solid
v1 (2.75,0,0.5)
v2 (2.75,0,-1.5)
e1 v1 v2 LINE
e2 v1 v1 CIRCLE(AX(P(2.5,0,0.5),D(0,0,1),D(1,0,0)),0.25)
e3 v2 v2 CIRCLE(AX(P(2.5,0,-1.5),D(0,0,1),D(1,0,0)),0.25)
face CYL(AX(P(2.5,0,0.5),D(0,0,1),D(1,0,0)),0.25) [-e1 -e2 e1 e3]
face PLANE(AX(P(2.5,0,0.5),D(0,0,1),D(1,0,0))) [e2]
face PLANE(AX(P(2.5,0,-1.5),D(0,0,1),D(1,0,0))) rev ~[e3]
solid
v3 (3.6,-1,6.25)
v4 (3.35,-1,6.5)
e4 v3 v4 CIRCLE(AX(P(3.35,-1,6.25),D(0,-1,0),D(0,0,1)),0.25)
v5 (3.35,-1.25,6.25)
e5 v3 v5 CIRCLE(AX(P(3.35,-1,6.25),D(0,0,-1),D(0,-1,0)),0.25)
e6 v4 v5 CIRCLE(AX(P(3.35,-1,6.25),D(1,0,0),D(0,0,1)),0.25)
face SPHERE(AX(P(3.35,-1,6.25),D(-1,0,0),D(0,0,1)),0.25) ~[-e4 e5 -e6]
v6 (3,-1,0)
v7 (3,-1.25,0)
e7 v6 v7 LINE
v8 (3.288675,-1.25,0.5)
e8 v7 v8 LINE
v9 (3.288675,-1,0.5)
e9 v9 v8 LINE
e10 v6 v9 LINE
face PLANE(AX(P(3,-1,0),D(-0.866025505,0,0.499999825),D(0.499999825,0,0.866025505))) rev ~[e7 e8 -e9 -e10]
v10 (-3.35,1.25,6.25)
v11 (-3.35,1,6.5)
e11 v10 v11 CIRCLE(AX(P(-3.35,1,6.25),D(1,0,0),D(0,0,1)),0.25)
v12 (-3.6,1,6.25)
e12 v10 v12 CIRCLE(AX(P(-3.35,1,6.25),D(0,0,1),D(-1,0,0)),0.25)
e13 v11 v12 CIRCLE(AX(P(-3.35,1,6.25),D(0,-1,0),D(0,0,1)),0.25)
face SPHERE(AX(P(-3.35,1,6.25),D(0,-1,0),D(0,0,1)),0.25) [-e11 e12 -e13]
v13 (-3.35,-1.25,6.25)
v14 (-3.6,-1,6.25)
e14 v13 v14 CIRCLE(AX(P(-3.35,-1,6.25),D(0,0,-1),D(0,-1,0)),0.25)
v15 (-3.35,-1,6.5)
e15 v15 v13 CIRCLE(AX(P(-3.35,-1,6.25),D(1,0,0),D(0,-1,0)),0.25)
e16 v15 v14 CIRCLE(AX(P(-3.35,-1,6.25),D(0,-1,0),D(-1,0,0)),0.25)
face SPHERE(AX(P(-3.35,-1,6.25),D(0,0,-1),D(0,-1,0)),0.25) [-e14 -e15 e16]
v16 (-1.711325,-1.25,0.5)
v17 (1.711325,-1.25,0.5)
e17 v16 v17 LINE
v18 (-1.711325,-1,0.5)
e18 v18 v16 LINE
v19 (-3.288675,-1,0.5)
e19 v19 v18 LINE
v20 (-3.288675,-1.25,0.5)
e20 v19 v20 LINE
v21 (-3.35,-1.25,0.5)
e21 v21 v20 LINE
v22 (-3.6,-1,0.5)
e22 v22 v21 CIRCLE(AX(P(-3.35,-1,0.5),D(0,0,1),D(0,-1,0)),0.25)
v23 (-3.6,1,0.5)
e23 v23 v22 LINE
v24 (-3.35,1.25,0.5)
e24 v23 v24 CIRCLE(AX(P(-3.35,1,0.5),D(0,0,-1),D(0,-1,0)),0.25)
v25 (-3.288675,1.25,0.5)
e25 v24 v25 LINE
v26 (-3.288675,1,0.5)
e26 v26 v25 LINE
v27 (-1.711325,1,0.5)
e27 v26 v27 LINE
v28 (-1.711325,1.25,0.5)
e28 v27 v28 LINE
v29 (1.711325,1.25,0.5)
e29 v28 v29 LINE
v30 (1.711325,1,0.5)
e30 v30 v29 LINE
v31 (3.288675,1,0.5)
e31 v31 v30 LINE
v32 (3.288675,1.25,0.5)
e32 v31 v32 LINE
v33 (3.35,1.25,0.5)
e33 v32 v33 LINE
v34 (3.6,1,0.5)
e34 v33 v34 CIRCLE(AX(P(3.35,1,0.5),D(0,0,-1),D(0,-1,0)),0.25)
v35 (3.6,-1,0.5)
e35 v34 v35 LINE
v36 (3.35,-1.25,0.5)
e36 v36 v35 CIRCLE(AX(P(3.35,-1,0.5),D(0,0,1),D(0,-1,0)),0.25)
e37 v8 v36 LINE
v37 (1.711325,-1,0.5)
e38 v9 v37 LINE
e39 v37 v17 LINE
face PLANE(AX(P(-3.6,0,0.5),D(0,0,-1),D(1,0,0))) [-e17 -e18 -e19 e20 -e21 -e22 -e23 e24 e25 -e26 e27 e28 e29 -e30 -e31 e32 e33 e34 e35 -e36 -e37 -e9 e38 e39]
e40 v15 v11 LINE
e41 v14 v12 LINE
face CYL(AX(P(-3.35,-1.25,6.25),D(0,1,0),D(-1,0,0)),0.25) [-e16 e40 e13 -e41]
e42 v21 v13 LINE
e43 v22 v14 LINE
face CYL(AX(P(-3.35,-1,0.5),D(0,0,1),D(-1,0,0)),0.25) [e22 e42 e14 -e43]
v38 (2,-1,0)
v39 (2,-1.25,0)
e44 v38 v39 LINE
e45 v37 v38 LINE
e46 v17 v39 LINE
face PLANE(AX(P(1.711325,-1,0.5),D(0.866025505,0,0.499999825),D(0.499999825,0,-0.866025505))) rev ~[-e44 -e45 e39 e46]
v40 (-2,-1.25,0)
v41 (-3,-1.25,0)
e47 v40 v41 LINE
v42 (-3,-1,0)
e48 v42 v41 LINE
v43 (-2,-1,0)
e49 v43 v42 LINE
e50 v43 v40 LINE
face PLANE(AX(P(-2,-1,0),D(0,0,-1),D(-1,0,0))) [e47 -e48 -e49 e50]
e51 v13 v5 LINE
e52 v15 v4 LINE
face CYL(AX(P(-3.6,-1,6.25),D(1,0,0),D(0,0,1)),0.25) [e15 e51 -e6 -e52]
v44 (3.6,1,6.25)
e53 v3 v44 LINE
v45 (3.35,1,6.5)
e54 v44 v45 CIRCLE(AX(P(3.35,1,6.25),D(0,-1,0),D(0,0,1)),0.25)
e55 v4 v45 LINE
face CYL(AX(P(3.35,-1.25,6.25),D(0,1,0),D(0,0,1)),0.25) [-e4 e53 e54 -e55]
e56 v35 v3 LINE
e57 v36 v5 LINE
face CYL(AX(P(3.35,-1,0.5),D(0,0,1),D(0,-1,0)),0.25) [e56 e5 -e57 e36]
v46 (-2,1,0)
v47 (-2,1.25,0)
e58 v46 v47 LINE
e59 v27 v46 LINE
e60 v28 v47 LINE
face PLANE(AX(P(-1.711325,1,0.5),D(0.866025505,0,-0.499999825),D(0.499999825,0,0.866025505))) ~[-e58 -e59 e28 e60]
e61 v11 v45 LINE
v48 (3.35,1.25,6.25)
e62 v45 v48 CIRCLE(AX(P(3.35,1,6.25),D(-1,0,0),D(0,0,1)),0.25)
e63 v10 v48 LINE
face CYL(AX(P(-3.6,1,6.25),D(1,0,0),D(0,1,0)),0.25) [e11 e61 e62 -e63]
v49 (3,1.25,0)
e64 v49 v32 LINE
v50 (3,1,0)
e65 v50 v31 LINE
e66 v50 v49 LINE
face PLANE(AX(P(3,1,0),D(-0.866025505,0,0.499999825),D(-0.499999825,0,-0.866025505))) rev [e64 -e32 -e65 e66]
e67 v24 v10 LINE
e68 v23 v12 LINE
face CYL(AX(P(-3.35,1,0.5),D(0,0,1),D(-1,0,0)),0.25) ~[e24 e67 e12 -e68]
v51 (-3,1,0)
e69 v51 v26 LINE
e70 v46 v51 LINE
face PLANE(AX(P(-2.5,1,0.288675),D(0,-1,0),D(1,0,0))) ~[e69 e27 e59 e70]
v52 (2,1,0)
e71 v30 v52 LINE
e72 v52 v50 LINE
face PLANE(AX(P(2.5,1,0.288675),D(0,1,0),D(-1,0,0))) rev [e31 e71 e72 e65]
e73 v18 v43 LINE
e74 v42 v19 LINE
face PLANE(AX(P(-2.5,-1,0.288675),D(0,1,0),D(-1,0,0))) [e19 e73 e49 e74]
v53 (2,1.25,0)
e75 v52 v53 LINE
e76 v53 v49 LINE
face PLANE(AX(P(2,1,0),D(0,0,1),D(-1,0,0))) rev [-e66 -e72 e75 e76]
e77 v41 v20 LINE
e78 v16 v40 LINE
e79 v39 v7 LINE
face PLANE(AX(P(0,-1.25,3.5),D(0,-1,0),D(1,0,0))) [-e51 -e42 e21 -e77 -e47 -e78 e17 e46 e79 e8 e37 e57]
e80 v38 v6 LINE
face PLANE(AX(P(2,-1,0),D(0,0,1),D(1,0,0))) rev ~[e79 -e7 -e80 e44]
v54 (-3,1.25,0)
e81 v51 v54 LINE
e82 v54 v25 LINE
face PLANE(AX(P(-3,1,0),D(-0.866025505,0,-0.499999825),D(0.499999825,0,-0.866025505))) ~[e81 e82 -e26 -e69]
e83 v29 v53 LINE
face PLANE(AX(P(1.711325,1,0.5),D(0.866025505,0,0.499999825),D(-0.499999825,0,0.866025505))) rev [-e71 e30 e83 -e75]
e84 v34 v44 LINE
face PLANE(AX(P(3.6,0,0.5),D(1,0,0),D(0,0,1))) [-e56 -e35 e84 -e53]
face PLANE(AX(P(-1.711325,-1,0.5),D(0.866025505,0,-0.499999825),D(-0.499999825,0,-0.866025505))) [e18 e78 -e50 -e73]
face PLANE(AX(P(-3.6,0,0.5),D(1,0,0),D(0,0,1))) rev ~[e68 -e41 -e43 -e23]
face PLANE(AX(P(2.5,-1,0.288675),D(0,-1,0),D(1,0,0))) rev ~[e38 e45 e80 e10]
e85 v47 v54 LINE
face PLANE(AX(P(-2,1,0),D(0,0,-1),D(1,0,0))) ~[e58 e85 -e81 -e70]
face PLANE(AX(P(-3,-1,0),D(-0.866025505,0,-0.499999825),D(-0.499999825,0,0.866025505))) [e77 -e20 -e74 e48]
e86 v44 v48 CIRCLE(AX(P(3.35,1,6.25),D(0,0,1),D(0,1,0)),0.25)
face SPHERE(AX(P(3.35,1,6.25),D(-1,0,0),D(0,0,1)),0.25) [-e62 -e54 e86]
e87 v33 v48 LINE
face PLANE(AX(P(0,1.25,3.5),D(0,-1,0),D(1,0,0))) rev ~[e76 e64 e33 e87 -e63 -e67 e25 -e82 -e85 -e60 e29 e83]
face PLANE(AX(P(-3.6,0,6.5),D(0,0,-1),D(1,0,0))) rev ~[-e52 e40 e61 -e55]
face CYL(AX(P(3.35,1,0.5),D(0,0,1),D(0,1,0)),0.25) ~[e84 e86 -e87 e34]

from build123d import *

# Parameters (mm, degrees)
SKETCH_W                = 7.2
SKETCH_H                = 6
PAD_DEPTH               = 1.25
PAD002_DEPTH            = 0.25
PAD002_MIRRORED_2_DEPTH = 0.25
FILLET_R                = 0.25
SKETCH003_R             = 0.25
PAD003_DEPTH            = 2


with BuildPart() as body:
    # Sketch → Pad (new body, symmetric)
    with BuildSketch(Plane.XZ):
        with Locations((0, 3.5)):
            Rectangle(SKETCH_W, SKETCH_H)
    extrude(amount=PAD_DEPTH, both=True)

    # Sketch002 → Pad002 (join)
    with BuildSketch(Plane.XZ.offset(1)):
        Polygon((2, 0), (3, 0), (3.288675, 0.5), (1.711325, 0.5), align=None)
    pad002 = extrude(amount=PAD002_DEPTH)

    # Sketch002 Mirrored 2 → Pad002 Mirrored 2 (add)
    with BuildSketch(Plane(origin=(0, -1, 0), x_dir=(-1, 0, 0), z_dir=(0, 1, 0))):
        Polygon((2, 0), (3, 0), (3.288675, 0.5), (1.711325, 0.5), align=None)
    pad002_mirrored_2 = extrude(amount=-PAD002_MIRRORED_2_DEPTH)

    # Mirrored001: Pad002, Pad002 Mirrored 2 across XZ
    add(pad002.mirror(Plane.XZ))
    add(pad002_mirrored_2.mirror(Plane.XZ))

    # Fillet
    fillet_edges = [body.edges().sort_by_distance(p)[0] for p in [
        (-3.6, -1.25, 3.5),
        (0, -1.25, 6.5),
        (-3.6, 0, 6.5),
        (0, 1.25, 6.5),
        (3.6, 0, 6.5),
        (3.6, -1.25, 3.5),
        (3.6, 1.25, 3.5),
        (-3.6, 1.25, 3.5),
    ]]
    fillet(fillet_edges, radius=FILLET_R)


with BuildPart() as leadclone:
    # Sketch003 → Pad003 (new body)
    with BuildSketch(Plane.XY.offset(0.5)):
        with Locations((-2.5, 0)):
            Circle(SKETCH003_R)
    extrude(amount=-PAD003_DEPTH)


with BuildPart() as leadclone_1:
    # Body002 placement: moved
    add(leadclone.part.moved(Location((5, 0, 0))))


solid = Compound([body.part, leadclone_1.part])
